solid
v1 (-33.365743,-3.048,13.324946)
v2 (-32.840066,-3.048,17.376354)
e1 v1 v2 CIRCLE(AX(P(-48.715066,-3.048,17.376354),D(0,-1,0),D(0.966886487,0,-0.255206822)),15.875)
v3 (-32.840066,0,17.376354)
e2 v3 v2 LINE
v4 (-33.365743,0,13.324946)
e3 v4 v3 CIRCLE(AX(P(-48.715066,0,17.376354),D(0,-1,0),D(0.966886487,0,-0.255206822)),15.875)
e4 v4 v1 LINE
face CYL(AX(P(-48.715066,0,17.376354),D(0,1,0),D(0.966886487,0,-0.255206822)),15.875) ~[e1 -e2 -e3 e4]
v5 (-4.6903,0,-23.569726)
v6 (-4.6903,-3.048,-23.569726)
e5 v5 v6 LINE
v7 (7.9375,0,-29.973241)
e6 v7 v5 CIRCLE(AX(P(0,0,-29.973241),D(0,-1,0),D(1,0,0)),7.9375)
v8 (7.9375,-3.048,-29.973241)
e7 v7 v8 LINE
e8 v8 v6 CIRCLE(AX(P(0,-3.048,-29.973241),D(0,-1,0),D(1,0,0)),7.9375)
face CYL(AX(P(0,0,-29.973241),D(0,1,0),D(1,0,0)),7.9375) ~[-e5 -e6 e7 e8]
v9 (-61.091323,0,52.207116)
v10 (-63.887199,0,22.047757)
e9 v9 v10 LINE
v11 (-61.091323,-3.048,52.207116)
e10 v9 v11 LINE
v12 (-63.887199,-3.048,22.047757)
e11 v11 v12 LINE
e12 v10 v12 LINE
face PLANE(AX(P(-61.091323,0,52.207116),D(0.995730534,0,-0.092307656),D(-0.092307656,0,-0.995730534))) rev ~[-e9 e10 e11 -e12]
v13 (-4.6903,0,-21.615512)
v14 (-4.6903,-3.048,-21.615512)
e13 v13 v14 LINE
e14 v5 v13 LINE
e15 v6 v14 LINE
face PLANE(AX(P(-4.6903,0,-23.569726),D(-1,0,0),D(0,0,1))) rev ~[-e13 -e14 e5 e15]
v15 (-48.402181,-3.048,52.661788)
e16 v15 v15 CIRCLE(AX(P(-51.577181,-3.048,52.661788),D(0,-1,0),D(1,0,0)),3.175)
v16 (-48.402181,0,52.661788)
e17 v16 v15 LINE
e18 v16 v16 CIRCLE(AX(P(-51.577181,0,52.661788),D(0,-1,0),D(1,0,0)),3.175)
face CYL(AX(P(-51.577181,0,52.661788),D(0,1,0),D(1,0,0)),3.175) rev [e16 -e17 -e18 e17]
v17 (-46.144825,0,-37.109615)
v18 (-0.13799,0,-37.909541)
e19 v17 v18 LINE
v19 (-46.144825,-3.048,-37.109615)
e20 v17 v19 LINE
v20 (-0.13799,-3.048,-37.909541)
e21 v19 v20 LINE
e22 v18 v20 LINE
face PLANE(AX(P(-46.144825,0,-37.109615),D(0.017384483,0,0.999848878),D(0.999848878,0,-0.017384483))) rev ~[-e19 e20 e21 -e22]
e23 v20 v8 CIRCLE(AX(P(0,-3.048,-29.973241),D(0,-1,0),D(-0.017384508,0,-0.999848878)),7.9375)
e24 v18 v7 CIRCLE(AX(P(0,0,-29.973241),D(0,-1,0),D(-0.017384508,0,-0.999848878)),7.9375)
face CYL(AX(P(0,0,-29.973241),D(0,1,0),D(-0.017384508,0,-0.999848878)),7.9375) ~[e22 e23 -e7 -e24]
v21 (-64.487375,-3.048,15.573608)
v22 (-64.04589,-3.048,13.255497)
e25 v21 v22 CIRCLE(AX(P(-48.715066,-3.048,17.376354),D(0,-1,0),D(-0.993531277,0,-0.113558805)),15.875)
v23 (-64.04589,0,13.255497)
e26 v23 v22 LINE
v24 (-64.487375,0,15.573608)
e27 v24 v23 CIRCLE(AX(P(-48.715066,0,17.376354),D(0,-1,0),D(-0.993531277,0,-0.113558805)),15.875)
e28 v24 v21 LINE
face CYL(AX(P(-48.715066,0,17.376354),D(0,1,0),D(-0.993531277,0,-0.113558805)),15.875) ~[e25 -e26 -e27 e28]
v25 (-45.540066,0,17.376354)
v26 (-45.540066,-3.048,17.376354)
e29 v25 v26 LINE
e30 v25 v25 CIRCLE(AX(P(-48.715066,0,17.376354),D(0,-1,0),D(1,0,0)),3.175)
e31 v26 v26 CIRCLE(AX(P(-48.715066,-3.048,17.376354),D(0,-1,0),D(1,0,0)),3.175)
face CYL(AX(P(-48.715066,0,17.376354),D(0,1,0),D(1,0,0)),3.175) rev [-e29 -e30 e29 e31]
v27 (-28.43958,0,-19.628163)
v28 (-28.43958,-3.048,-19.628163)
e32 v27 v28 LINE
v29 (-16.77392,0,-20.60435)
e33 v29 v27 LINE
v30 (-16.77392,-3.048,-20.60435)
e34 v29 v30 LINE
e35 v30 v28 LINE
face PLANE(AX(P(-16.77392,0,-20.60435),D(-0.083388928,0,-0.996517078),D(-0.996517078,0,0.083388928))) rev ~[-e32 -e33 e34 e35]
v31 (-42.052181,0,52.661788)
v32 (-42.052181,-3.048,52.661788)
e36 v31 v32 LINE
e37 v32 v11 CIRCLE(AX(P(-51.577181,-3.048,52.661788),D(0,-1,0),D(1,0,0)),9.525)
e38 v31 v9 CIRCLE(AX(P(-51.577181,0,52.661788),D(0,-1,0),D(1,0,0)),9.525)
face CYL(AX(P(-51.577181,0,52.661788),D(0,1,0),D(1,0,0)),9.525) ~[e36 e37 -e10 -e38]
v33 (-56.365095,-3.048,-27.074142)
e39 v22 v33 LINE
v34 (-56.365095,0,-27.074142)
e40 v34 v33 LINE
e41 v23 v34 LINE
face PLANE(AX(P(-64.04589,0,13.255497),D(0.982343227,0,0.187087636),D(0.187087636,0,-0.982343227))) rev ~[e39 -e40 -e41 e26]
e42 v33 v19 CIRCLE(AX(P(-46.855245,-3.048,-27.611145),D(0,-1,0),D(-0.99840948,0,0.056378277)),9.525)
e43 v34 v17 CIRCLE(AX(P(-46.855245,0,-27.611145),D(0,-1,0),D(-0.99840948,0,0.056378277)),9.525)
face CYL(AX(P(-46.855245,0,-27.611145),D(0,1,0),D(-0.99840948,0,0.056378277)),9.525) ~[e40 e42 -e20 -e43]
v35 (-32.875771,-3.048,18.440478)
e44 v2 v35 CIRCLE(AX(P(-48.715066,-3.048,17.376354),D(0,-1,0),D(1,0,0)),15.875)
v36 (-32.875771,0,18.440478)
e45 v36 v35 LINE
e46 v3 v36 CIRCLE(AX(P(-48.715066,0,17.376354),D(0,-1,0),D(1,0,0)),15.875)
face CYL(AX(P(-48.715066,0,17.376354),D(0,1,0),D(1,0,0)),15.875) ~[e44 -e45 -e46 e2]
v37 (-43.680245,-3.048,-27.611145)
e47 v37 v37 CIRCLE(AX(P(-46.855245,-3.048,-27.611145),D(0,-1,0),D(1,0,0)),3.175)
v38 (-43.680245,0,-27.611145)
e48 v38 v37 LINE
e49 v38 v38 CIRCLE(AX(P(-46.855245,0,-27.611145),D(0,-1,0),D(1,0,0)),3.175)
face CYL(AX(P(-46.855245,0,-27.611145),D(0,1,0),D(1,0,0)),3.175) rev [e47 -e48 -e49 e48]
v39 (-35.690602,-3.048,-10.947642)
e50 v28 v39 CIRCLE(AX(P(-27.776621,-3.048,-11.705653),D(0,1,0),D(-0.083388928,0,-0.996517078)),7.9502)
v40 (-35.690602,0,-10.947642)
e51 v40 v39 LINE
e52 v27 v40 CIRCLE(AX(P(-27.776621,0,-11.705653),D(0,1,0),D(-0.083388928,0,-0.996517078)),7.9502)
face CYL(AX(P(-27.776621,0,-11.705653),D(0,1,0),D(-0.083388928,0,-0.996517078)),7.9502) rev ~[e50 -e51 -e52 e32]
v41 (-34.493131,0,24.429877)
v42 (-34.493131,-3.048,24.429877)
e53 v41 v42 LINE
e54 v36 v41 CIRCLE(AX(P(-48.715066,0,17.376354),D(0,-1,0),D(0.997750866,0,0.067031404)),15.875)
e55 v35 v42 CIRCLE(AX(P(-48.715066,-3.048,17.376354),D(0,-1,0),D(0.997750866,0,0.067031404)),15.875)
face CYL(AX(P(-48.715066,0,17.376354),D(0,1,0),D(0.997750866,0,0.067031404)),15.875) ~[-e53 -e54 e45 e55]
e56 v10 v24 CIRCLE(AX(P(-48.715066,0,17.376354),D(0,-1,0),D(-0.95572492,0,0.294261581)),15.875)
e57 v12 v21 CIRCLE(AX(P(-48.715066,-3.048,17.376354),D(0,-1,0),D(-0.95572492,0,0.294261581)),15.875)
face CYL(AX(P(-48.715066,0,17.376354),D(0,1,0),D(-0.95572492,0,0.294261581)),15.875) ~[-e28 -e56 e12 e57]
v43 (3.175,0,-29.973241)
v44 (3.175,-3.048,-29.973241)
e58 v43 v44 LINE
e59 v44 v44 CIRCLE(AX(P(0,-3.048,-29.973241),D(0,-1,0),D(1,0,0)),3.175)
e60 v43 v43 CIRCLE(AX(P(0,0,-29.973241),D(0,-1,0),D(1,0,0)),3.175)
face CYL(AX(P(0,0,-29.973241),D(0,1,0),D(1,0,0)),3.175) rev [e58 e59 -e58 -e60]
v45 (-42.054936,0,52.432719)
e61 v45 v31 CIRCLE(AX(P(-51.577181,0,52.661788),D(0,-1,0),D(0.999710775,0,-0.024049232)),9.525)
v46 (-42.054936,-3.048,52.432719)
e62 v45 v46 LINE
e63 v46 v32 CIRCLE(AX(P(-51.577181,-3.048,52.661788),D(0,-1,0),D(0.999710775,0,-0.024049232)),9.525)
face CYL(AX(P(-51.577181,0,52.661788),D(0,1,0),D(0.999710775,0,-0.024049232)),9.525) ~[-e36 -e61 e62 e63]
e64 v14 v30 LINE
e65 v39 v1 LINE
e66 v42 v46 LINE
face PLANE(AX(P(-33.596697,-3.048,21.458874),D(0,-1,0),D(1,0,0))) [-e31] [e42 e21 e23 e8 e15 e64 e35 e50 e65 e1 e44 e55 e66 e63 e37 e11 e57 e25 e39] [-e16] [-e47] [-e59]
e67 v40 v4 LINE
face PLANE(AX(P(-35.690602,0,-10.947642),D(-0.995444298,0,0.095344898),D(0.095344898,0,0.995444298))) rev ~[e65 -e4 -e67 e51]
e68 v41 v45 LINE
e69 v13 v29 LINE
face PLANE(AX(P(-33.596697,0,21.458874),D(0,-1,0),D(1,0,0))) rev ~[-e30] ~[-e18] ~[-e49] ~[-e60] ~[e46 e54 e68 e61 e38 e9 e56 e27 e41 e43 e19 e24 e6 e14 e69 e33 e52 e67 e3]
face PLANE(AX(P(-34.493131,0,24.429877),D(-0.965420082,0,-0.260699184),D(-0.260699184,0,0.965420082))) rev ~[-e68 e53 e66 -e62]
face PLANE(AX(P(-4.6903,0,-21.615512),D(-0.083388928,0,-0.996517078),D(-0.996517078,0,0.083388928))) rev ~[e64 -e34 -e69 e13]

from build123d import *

# Parameters (mm, degrees)
F0_R     = 3.175
F1_DEPTH = 3.048


with BuildPart() as f1:
    # F0 (on Front) → F1 (new body)
    with BuildSketch(Plane.XZ):
        with BuildLine():
            ThreePointArc((-32.8757712969, 18.4404780095), (-33.3890224906, 21.5149540267), (-34.4931308171, 24.4298767309))
            Line((-34.4931308171, 24.4298767309), (-32.8757712969, 18.4404780095))
        make_face()
        with BuildLine():
            Line((-64.4873753144, 15.5736084421), (-63.8871993977, 22.0477570682))
            ThreePointArc((-63.8871993977, 22.0477570682), (-64.5222885264, 18.8417385195), (-64.4873753144, 15.5736084421))
        make_face()
        with BuildLine():
            Line((-64.045890156, 13.2554971856), (-64.4873753144, 15.5736084421))
            ThreePointArc((-64.4873753144, 15.5736084421), (-64.3097650319, 14.4063382518), (-64.045890156, 13.2554971856))
        make_face()
        with BuildLine():
            ThreePointArc((-32.8400662971, 17.376354476), (-32.848995058, 17.9087156648), (-32.8757712969, 18.4404780095))
            Line((-32.8757712969, 18.4404780095), (-33.3657433227, 13.3249461745))
            ThreePointArc((-33.3657433227, 13.3249461745), (-32.972034073, 15.3336696275), (-32.8400662971, 17.376354476))
        make_face()
        with BuildLine():
            ThreePointArc((-42.0549356207, 52.4327193006), (-42.0528694974, 52.547245483), (-42.0521807564, 52.6617882303))
            ThreePointArc((-42.0521807564, 52.6617882303), (-51.8045817064, 62.1840733452), (-61.0913227633, 52.2071159613))
            ThreePointArc((-61.0913227633, 52.2071159613), (-51.464306349, 43.1374570534), (-42.0549356207, 52.4327193006))
        make_face()
        with Locations((-51.5771807564, 52.6617882303)):
            Circle(F0_R, mode=Mode.SUBTRACT)
        with BuildLine():
            ThreePointArc((-42.0549356207, 52.4327193006), (-51.464306349, 43.1374570534), (-61.0913227633, 52.2071159613))
            Line((-61.0913227633, 52.2071159613), (-63.8871993977, 22.0477570682))
            ThreePointArc((-63.8871993977, 22.0477570682), (-49.9973854467, 33.1994794075), (-34.4931308171, 24.4298767309))
            Line((-34.4931308171, 24.4298767309), (-42.0549356207, 52.4327193006))
        make_face()
        Polygon((-16.7739203078, -20.6043502247), (-28.439579551, -19.6281634255), (-37.4653534588, -26.0125322814), align=None)
        with BuildLine():
            Line((-37.4653534588, -26.0125322814), (-36.7345294515, -18.9340388651))
            Line((-36.7345294515, -18.9340388651), (-45.260658615, -18.2205691362))
            ThreePointArc((-45.260658615, -18.2205691362), (-40.1214970506, -20.8745092332), (-37.4653534588, -26.0125322814))
        make_face()
        Polygon((-16.7739203078, -20.6043502247), (-37.4653534588, -26.0125322814), (-12.4270269281, -22.6534523272), (-4.690299932, -21.6155121704), align=None)
        with BuildLine():
            ThreePointArc((-33.4273079139, 13.0984965289), (-48.7964662993, 1.501563169), (-64.045890156, 13.2554971856))
            Line((-64.045890156, 13.2554971856), (-56.3650952155, -27.074142149))
            ThreePointArc((-56.3650952155, -27.074142149), (-52.7931982522, -20.1635728012), (-45.260658615, -18.2205691362))
            Line((-45.260658615, -18.2205691362), (-36.7345294515, -18.9340388651))
            Line((-36.7345294515, -18.9340388651), (-33.4273079139, 13.0984965289))
        make_face()
        with BuildLine():
            ThreePointArc((-37.330244918, -27.6111452379), (-39.87339809, -34.0902994938), (-46.1448254684, -37.1096150728))
            Line((-46.1448254684, -37.1096150728), (-0.1379895311, -37.9095410386))
            ThreePointArc((-0.1379895311, -37.9095410386), (-5.9702608824, -35.2039089057), (-7.8855415331, -29.0665206677))
            Line((-7.8855415331, -29.0665206677), (-37.4653534588, -26.0125322814))
            ThreePointArc((-37.4653534588, -26.0125322814), (-37.364082156, -26.8089891274), (-37.330244918, -27.6111452379))
        make_face()
        with BuildLine():
            ThreePointArc((-45.260658615, -18.2205691362), (-52.7931982522, -20.1635728012), (-56.3650952155, -27.074142149))
            ThreePointArc((-56.3650952155, -27.074142149), (-53.5287129079, -34.407500878), (-46.1448254684, -37.1096150728))
            ThreePointArc((-46.1448254684, -37.1096150728), (-39.87339809, -34.0902994938), (-37.330244918, -27.6111452379))
            ThreePointArc((-37.330244918, -27.6111452379), (-37.364082156, -26.8089891274), (-37.4653534588, -26.0125322814))
            ThreePointArc((-37.4653534588, -26.0125322814), (-40.1214970506, -20.8745092332), (-45.260658615, -18.2205691362))
        make_face()
        with Locations((-46.855244918, -27.6111452379)):
            Circle(F0_R, mode=Mode.SUBTRACT)
        Polygon((-28.439579551, -19.6281634255), (-36.7345294515, -18.9340388651), (-37.4653534588, -26.0125322814), align=None)
        with BuildLine():
            Line((-35.6906021551, -10.9476423467), (-33.3657433227, 13.3249461745))
            ThreePointArc((-33.3657433227, 13.3249461745), (-33.3961071814, 13.2116075918), (-33.4273079139, 13.0984965289))
            Line((-33.4273079139, 13.0984965289), (-36.7345294515, -18.9340388651))
            Line((-36.7345294515, -18.9340388651), (-28.439579551, -19.6281634255))
            ThreePointArc((-28.439579551, -19.6281634255), (-33.8781646454, -16.8024017199), (-35.6906021551, -10.9476423467))
        make_face()
        with BuildLine():
            Line((-33.3657433227, 13.3249461745), (-32.8757712969, 18.4404780095))
            Line((-32.8757712969, 18.4404780095), (-33.4273079139, 13.0984965289))
            ThreePointArc((-33.4273079139, 13.0984965289), (-33.3961071814, 13.2116075918), (-33.3657433227, 13.3249461745))
        make_face()
        with BuildLine():
            ThreePointArc((-34.4931308171, 24.4298767309), (-49.9973854467, 33.1994794075), (-63.8871993977, 22.0477570682))
            Line((-63.8871993977, 22.0477570682), (-64.4873753144, 15.5736084421))
            Line((-64.4873753144, 15.5736084421), (-64.045890156, 13.2554971856))
            ThreePointArc((-64.045890156, 13.2554971856), (-48.7964662993, 1.501563169), (-33.4273079139, 13.0984965289))
            Line((-33.4273079139, 13.0984965289), (-32.8757712969, 18.4404780095))
            Line((-32.8757712969, 18.4404780095), (-34.4931308171, 24.4298767309))
        make_face()
        with Locations((-48.7150662971, 17.376354476)):
            Circle(F0_R, mode=Mode.SUBTRACT)
        with BuildLine():
            Line((-6.6206948027, -23.7136035763), (-37.4653534588, -26.0125322814))
            Line((-37.4653534588, -26.0125322814), (-7.8855415331, -29.0665206677))
            ThreePointArc((-7.8855415331, -29.0665206677), (-6.862334424, -25.9842215792), (-4.690299932, -23.5697264717))
            Line((-4.690299932, -23.5697264717), (-6.6206948027, -23.7136035763))
        make_face()
        Polygon((-12.4270269281, -22.6534523272), (-37.4653534588, -26.0125322814), (-6.6206948027, -23.7136035763), align=None)
        Polygon((-12.4270269281, -22.6534523272), (-6.6206948027, -23.7136035763), (-4.690299932, -23.5697264717), (-4.690299932, -21.6155121704), align=None)
        with BuildLine():
            ThreePointArc((-7.8855415331, -29.0665206677), (-5.9702608824, -35.2039089057), (-0.1379895311, -37.9095410386))
            ThreePointArc((-0.1379895311, -37.9095410386), (5.5636595127, -35.6344771017), (7.9375, -29.9732405692))
            ThreePointArc((7.9375, -29.9732405692), (3.5898920972, -22.8939340368), (-4.690299932, -23.5697264717))
            ThreePointArc((-4.690299932, -23.5697264717), (-6.862334424, -25.9842215792), (-7.8855415331, -29.0665206677))
        make_face()
        with Locations((0, -29.9732405692)):
            Circle(F0_R, mode=Mode.SUBTRACT)
    extrude(amount=F1_DEPTH)


solid = f1.part
